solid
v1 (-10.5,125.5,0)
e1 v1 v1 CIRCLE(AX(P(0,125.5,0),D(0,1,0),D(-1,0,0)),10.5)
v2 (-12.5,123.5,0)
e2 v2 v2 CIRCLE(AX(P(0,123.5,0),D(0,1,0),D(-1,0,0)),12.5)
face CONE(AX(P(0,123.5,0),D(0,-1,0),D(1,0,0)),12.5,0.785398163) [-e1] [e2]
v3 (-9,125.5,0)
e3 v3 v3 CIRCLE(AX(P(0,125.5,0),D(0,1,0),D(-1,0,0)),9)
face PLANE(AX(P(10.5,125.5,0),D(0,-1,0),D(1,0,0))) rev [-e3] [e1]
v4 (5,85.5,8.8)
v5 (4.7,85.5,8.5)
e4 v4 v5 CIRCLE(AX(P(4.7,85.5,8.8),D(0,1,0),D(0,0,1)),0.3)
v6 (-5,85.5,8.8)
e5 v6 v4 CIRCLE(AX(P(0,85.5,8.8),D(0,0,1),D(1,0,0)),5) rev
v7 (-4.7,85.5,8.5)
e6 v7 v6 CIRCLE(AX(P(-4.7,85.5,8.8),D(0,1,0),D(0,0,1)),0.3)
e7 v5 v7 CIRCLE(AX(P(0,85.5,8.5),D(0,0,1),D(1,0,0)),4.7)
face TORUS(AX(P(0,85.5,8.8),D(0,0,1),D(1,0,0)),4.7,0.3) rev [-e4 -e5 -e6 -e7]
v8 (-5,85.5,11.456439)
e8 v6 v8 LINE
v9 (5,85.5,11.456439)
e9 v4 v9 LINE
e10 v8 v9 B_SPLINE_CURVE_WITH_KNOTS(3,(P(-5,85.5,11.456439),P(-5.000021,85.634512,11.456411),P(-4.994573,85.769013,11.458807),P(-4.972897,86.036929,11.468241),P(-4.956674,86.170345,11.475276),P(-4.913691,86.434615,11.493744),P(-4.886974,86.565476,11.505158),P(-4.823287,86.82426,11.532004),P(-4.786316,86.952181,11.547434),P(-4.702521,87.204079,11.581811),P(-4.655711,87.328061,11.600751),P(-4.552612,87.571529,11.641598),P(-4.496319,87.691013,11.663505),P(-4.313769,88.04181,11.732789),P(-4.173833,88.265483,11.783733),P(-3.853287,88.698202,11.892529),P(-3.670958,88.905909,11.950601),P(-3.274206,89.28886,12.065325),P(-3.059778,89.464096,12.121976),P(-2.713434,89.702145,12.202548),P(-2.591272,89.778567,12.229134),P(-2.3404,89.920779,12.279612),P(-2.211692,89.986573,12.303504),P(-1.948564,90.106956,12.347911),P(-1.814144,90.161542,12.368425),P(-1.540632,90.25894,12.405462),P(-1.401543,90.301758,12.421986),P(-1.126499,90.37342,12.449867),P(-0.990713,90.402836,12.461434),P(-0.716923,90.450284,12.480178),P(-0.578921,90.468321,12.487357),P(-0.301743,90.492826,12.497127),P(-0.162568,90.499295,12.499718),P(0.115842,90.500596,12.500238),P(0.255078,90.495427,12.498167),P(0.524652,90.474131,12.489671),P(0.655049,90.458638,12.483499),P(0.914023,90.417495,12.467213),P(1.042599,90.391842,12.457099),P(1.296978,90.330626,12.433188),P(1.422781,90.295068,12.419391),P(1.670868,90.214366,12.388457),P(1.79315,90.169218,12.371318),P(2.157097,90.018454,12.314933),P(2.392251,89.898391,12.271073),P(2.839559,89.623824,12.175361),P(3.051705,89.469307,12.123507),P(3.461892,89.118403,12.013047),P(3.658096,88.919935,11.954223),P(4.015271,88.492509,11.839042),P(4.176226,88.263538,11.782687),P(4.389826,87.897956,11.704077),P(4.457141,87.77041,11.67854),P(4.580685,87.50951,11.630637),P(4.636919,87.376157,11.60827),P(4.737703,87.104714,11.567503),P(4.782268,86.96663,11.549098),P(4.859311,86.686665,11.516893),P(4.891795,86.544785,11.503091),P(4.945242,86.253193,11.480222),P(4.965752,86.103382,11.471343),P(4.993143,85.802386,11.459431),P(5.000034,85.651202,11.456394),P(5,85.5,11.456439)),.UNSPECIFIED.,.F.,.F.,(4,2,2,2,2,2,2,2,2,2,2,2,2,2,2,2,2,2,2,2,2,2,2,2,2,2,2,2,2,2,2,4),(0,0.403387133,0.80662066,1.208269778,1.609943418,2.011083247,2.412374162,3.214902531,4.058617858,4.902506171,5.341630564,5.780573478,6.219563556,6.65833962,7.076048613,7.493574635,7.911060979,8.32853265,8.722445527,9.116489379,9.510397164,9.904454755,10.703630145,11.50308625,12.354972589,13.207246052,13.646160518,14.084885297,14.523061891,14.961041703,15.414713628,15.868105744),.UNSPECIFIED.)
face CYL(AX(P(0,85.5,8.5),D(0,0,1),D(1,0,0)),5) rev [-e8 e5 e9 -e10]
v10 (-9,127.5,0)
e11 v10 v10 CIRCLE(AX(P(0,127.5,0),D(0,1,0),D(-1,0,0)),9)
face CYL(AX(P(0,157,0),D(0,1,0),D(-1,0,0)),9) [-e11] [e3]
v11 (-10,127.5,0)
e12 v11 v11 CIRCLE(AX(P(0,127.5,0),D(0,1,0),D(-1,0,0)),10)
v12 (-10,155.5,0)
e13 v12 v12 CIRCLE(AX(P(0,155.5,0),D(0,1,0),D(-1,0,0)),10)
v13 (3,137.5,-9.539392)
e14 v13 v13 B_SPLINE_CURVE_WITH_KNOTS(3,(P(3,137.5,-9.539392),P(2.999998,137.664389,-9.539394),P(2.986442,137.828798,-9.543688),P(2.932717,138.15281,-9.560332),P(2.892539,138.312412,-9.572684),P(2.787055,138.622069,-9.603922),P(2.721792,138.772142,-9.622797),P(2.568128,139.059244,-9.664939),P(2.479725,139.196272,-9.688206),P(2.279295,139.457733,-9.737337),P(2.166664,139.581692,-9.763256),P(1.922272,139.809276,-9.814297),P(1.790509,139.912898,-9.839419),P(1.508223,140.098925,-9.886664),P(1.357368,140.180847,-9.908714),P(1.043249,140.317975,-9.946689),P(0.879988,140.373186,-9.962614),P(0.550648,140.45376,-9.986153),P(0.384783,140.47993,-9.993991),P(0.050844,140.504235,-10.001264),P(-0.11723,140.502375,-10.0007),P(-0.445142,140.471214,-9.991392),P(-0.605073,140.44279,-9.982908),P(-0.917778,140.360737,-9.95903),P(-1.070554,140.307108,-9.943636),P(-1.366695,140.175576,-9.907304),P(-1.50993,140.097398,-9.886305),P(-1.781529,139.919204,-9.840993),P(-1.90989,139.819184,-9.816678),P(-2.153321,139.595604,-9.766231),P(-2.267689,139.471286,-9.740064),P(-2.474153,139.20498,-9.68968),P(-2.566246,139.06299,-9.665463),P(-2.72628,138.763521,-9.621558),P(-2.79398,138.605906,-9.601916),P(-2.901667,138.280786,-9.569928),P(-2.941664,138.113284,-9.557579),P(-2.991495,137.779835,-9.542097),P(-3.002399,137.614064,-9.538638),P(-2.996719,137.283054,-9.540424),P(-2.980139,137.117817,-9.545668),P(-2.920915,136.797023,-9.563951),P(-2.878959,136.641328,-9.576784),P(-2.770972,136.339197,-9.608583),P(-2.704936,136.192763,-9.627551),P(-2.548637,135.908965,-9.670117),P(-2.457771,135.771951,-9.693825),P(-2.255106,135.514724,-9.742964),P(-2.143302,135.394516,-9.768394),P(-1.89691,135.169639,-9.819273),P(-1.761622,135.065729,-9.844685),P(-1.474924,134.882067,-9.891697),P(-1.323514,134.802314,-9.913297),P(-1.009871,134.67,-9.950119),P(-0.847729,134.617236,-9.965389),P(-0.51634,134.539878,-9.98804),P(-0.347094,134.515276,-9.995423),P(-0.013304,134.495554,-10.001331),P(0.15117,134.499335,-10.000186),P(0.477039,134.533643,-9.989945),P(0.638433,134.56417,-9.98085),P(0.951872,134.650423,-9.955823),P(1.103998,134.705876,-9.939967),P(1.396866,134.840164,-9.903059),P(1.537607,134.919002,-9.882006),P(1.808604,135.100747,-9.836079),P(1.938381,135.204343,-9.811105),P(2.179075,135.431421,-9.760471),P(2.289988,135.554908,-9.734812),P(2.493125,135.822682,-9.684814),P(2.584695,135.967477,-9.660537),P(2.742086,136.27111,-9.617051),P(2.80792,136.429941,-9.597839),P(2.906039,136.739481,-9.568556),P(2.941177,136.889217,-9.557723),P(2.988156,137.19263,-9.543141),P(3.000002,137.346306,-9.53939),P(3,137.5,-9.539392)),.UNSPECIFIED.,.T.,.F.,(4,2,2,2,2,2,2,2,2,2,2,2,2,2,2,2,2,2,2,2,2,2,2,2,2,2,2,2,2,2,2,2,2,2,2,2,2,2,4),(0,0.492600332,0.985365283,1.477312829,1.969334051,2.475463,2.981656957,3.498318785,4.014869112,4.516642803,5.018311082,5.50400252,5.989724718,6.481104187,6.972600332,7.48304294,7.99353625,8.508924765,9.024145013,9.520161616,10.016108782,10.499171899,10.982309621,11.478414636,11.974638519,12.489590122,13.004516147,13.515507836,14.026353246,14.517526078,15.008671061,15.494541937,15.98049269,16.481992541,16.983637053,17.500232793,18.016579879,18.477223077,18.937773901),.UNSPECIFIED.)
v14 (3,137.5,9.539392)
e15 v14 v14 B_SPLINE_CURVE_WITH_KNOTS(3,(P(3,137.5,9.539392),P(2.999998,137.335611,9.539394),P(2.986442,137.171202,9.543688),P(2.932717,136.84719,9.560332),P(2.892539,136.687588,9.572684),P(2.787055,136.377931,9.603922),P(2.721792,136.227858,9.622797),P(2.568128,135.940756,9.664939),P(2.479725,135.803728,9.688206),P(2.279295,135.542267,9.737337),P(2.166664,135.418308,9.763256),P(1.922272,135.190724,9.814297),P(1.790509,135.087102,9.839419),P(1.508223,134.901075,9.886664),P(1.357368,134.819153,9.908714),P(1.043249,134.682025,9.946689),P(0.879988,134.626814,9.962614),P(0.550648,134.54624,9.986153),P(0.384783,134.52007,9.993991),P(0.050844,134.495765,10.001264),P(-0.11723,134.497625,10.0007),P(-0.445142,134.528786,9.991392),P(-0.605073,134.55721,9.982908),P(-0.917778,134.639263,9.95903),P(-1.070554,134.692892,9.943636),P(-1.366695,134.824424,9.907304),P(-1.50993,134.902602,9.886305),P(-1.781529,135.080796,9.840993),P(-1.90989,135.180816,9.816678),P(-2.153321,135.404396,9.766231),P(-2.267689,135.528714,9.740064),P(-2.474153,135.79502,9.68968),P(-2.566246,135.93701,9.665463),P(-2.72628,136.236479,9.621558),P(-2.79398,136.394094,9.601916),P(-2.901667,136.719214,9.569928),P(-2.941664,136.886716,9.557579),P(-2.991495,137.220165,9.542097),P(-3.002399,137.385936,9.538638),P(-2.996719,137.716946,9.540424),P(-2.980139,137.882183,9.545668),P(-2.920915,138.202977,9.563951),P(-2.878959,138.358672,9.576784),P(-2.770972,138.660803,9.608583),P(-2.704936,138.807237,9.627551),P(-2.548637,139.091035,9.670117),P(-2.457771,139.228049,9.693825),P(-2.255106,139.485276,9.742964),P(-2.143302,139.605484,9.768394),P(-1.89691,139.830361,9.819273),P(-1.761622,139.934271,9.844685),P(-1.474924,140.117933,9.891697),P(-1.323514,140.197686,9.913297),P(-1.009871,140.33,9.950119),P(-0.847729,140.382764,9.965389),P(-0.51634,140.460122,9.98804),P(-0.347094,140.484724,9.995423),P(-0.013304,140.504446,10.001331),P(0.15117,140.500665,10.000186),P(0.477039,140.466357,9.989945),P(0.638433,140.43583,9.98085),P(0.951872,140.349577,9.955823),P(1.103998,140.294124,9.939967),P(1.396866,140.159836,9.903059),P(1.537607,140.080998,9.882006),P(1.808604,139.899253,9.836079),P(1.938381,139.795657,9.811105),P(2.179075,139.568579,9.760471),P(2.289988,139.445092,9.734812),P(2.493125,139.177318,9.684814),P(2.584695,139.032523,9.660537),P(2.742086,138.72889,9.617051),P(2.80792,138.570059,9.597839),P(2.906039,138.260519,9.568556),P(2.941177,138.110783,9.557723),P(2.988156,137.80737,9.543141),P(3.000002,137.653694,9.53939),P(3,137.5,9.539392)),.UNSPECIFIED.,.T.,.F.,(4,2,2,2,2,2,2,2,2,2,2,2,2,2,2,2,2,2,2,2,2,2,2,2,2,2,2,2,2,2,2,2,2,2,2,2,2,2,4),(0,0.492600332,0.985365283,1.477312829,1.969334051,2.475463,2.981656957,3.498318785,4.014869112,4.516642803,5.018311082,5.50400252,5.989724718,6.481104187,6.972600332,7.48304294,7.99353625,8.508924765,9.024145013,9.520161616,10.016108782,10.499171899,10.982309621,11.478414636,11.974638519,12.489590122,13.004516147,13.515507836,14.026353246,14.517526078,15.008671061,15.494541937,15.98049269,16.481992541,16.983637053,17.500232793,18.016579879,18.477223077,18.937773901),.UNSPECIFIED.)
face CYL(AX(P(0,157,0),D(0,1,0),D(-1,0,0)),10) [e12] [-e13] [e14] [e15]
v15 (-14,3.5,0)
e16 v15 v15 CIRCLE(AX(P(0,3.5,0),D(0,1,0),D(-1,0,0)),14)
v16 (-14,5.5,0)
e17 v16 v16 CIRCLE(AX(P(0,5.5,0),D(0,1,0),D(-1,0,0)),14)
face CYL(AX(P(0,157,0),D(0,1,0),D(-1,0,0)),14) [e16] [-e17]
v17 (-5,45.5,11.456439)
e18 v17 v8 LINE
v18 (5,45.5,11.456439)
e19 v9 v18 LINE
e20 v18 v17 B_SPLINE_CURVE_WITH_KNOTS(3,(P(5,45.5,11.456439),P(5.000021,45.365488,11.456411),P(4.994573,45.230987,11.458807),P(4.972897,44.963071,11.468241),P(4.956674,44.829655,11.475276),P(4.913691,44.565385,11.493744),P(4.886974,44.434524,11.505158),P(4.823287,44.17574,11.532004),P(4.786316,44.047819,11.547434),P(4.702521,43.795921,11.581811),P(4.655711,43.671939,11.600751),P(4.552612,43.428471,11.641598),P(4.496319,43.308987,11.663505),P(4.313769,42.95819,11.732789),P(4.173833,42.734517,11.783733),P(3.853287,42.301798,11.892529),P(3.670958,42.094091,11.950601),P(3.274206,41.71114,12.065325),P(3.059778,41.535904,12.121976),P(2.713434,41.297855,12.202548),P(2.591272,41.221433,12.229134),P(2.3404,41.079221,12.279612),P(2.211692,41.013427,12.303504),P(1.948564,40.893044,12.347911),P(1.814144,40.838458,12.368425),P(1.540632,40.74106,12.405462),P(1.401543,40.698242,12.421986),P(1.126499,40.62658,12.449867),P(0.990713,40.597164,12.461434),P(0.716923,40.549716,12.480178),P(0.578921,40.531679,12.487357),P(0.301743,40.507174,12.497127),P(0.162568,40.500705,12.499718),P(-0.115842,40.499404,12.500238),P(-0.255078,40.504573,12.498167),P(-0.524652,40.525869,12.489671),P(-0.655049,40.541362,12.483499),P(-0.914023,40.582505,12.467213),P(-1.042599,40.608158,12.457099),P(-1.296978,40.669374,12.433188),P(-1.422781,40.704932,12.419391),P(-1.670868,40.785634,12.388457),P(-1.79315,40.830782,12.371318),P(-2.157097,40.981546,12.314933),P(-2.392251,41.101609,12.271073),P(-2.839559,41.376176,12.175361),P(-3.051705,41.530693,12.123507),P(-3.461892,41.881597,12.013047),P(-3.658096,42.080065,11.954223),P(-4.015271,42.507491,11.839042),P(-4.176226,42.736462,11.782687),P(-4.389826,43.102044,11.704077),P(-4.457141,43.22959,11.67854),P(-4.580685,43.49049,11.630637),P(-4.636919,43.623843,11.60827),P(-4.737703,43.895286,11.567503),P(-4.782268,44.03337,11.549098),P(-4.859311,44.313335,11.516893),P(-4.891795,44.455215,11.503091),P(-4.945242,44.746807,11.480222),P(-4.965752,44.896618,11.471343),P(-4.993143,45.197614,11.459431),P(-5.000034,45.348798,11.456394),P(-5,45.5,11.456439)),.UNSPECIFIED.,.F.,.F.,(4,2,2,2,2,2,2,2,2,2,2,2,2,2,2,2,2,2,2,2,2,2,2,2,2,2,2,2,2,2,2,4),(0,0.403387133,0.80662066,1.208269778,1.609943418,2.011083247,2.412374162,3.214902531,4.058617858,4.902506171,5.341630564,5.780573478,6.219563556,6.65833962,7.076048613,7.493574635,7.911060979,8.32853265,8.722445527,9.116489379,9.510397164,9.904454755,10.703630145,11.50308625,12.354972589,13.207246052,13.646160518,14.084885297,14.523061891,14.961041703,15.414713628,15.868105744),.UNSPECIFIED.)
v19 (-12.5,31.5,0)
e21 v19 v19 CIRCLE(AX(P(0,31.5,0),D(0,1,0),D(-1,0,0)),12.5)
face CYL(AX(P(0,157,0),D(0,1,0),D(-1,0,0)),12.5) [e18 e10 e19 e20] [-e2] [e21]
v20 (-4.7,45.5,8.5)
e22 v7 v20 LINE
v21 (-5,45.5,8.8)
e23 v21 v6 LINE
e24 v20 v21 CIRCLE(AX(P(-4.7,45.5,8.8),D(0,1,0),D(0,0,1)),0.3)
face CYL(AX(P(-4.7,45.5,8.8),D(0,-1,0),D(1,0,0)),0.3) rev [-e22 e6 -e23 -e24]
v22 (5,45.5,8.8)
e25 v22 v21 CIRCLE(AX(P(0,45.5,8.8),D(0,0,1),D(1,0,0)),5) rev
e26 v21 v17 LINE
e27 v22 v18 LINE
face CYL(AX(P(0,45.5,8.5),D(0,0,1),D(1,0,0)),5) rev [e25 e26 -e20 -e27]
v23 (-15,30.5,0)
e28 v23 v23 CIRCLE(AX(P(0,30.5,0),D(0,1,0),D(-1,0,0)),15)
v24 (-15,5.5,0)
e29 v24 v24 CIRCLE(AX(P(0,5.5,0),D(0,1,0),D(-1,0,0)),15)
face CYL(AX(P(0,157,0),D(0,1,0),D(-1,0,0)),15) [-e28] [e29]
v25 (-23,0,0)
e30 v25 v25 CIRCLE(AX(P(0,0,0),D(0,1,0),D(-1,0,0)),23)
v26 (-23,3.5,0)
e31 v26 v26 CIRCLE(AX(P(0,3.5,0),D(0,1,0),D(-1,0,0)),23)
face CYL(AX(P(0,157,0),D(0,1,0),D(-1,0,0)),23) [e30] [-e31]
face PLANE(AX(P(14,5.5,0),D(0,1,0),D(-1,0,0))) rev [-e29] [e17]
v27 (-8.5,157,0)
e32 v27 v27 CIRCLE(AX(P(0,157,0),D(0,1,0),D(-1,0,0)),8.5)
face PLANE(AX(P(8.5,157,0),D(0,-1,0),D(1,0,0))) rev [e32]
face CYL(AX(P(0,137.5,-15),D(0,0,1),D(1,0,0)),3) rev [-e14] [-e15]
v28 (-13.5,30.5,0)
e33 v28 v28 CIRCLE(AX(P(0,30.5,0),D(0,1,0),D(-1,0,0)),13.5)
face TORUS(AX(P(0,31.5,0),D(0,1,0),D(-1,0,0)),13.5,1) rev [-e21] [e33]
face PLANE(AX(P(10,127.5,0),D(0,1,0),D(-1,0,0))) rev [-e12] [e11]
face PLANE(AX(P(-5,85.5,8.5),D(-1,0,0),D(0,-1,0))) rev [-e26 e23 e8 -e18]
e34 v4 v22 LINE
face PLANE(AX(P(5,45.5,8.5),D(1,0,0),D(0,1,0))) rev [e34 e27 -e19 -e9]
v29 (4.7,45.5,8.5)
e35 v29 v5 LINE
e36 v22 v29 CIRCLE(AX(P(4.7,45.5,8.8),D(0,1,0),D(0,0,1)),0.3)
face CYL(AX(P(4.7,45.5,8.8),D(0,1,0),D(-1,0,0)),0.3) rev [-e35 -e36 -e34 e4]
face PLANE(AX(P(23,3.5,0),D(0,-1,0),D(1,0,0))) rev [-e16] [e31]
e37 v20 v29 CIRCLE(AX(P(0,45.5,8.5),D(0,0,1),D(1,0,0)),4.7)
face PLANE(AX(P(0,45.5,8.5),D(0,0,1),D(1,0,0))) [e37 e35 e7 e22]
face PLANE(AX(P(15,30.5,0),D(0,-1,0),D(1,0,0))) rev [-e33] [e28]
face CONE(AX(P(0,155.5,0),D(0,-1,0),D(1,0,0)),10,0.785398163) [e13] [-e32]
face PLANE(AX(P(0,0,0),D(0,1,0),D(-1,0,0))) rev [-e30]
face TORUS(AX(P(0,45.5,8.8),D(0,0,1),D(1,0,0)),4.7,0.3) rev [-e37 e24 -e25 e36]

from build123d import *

# Parameters (mm, degrees)
CUT_EXTRUDE_1_DEPTH = 4
FILLET_1_R          = 0.3
SKETCH_3_R          = 3
CUT_EXTRUDE_2_DEPTH = 25


with BuildPart() as part:
    # Эскиз1 → Повернуть1 (revolve)
    with BuildSketch(Plane.XY, mode=Mode.PRIVATE) as revolve_1_sk:
        with BuildLine():
            Line((0, 157), (0, 0))
            Line((0, 0), (23, 0))
            Line((23, 0), (23, 3.5))
            Line((23, 3.5), (14, 3.5))
            Line((14, 3.5), (14, 5.5))
            Line((14, 5.5), (15, 5.5))
            Line((15, 5.5), (15, 30.5))
            Line((15, 30.5), (13.5, 30.5))
            ThreePointArc((13.5, 30.5), (12.792893219, 30.792893219), (12.5, 31.5))
            Line((12.5, 31.5), (12.5, 123.5))
            Line((12.5, 123.5), (10.5, 125.5))
            Line((10.5, 125.5), (9, 125.5))
            Line((9, 125.5), (9, 127.5))
            Line((9, 127.5), (10, 127.5))
            Line((10, 127.5), (10, 155.5))
            Line((10, 155.5), (8.5, 157))
            Line((8.5, 157), (0, 157))
        make_face()
    revolve(revolve_1_sk.sketch.rotate(Axis((0, 157, 0), (0, -1, 0)), 180), axis=Axis((0, 157, 0), (0, -1, 0)))

    # Эскиз2 → Вырез-Вытянуть1 (cut)
    with BuildSketch(Plane.XY.offset(12.5)):
        with BuildLine():
            Line((5, 45.5), (5, 85.5))
            ThreePointArc((5, 85.5), (0, 90.5), (-5, 85.5))
            Line((-5, 85.5), (-5, 45.5))
            ThreePointArc((-5, 45.5), (0, 40.5), (5, 45.5))
        make_face()
    extrude(amount=-CUT_EXTRUDE_1_DEPTH, mode=Mode.SUBTRACT)

    # Скругление1
    fillet_1_edges = [part.edges().sort_by_distance(p)[0] for p in [
        (0, 40.5, 8.5),
        (-5, 65.5, 8.5),
        (0, 90.5, 8.5),
        (5, 65.5, 8.5),
    ]]
    fillet(fillet_1_edges, radius=FILLET_1_R)

    # Эскиз3 → Вырез-Вытянуть2 (cut)
    with BuildSketch(Plane.XY.offset(10)):
        with Locations((0, 137.5)):
            Circle(SKETCH_3_R)
    extrude(amount=-CUT_EXTRUDE_2_DEPTH, mode=Mode.SUBTRACT)


solid = part.part
